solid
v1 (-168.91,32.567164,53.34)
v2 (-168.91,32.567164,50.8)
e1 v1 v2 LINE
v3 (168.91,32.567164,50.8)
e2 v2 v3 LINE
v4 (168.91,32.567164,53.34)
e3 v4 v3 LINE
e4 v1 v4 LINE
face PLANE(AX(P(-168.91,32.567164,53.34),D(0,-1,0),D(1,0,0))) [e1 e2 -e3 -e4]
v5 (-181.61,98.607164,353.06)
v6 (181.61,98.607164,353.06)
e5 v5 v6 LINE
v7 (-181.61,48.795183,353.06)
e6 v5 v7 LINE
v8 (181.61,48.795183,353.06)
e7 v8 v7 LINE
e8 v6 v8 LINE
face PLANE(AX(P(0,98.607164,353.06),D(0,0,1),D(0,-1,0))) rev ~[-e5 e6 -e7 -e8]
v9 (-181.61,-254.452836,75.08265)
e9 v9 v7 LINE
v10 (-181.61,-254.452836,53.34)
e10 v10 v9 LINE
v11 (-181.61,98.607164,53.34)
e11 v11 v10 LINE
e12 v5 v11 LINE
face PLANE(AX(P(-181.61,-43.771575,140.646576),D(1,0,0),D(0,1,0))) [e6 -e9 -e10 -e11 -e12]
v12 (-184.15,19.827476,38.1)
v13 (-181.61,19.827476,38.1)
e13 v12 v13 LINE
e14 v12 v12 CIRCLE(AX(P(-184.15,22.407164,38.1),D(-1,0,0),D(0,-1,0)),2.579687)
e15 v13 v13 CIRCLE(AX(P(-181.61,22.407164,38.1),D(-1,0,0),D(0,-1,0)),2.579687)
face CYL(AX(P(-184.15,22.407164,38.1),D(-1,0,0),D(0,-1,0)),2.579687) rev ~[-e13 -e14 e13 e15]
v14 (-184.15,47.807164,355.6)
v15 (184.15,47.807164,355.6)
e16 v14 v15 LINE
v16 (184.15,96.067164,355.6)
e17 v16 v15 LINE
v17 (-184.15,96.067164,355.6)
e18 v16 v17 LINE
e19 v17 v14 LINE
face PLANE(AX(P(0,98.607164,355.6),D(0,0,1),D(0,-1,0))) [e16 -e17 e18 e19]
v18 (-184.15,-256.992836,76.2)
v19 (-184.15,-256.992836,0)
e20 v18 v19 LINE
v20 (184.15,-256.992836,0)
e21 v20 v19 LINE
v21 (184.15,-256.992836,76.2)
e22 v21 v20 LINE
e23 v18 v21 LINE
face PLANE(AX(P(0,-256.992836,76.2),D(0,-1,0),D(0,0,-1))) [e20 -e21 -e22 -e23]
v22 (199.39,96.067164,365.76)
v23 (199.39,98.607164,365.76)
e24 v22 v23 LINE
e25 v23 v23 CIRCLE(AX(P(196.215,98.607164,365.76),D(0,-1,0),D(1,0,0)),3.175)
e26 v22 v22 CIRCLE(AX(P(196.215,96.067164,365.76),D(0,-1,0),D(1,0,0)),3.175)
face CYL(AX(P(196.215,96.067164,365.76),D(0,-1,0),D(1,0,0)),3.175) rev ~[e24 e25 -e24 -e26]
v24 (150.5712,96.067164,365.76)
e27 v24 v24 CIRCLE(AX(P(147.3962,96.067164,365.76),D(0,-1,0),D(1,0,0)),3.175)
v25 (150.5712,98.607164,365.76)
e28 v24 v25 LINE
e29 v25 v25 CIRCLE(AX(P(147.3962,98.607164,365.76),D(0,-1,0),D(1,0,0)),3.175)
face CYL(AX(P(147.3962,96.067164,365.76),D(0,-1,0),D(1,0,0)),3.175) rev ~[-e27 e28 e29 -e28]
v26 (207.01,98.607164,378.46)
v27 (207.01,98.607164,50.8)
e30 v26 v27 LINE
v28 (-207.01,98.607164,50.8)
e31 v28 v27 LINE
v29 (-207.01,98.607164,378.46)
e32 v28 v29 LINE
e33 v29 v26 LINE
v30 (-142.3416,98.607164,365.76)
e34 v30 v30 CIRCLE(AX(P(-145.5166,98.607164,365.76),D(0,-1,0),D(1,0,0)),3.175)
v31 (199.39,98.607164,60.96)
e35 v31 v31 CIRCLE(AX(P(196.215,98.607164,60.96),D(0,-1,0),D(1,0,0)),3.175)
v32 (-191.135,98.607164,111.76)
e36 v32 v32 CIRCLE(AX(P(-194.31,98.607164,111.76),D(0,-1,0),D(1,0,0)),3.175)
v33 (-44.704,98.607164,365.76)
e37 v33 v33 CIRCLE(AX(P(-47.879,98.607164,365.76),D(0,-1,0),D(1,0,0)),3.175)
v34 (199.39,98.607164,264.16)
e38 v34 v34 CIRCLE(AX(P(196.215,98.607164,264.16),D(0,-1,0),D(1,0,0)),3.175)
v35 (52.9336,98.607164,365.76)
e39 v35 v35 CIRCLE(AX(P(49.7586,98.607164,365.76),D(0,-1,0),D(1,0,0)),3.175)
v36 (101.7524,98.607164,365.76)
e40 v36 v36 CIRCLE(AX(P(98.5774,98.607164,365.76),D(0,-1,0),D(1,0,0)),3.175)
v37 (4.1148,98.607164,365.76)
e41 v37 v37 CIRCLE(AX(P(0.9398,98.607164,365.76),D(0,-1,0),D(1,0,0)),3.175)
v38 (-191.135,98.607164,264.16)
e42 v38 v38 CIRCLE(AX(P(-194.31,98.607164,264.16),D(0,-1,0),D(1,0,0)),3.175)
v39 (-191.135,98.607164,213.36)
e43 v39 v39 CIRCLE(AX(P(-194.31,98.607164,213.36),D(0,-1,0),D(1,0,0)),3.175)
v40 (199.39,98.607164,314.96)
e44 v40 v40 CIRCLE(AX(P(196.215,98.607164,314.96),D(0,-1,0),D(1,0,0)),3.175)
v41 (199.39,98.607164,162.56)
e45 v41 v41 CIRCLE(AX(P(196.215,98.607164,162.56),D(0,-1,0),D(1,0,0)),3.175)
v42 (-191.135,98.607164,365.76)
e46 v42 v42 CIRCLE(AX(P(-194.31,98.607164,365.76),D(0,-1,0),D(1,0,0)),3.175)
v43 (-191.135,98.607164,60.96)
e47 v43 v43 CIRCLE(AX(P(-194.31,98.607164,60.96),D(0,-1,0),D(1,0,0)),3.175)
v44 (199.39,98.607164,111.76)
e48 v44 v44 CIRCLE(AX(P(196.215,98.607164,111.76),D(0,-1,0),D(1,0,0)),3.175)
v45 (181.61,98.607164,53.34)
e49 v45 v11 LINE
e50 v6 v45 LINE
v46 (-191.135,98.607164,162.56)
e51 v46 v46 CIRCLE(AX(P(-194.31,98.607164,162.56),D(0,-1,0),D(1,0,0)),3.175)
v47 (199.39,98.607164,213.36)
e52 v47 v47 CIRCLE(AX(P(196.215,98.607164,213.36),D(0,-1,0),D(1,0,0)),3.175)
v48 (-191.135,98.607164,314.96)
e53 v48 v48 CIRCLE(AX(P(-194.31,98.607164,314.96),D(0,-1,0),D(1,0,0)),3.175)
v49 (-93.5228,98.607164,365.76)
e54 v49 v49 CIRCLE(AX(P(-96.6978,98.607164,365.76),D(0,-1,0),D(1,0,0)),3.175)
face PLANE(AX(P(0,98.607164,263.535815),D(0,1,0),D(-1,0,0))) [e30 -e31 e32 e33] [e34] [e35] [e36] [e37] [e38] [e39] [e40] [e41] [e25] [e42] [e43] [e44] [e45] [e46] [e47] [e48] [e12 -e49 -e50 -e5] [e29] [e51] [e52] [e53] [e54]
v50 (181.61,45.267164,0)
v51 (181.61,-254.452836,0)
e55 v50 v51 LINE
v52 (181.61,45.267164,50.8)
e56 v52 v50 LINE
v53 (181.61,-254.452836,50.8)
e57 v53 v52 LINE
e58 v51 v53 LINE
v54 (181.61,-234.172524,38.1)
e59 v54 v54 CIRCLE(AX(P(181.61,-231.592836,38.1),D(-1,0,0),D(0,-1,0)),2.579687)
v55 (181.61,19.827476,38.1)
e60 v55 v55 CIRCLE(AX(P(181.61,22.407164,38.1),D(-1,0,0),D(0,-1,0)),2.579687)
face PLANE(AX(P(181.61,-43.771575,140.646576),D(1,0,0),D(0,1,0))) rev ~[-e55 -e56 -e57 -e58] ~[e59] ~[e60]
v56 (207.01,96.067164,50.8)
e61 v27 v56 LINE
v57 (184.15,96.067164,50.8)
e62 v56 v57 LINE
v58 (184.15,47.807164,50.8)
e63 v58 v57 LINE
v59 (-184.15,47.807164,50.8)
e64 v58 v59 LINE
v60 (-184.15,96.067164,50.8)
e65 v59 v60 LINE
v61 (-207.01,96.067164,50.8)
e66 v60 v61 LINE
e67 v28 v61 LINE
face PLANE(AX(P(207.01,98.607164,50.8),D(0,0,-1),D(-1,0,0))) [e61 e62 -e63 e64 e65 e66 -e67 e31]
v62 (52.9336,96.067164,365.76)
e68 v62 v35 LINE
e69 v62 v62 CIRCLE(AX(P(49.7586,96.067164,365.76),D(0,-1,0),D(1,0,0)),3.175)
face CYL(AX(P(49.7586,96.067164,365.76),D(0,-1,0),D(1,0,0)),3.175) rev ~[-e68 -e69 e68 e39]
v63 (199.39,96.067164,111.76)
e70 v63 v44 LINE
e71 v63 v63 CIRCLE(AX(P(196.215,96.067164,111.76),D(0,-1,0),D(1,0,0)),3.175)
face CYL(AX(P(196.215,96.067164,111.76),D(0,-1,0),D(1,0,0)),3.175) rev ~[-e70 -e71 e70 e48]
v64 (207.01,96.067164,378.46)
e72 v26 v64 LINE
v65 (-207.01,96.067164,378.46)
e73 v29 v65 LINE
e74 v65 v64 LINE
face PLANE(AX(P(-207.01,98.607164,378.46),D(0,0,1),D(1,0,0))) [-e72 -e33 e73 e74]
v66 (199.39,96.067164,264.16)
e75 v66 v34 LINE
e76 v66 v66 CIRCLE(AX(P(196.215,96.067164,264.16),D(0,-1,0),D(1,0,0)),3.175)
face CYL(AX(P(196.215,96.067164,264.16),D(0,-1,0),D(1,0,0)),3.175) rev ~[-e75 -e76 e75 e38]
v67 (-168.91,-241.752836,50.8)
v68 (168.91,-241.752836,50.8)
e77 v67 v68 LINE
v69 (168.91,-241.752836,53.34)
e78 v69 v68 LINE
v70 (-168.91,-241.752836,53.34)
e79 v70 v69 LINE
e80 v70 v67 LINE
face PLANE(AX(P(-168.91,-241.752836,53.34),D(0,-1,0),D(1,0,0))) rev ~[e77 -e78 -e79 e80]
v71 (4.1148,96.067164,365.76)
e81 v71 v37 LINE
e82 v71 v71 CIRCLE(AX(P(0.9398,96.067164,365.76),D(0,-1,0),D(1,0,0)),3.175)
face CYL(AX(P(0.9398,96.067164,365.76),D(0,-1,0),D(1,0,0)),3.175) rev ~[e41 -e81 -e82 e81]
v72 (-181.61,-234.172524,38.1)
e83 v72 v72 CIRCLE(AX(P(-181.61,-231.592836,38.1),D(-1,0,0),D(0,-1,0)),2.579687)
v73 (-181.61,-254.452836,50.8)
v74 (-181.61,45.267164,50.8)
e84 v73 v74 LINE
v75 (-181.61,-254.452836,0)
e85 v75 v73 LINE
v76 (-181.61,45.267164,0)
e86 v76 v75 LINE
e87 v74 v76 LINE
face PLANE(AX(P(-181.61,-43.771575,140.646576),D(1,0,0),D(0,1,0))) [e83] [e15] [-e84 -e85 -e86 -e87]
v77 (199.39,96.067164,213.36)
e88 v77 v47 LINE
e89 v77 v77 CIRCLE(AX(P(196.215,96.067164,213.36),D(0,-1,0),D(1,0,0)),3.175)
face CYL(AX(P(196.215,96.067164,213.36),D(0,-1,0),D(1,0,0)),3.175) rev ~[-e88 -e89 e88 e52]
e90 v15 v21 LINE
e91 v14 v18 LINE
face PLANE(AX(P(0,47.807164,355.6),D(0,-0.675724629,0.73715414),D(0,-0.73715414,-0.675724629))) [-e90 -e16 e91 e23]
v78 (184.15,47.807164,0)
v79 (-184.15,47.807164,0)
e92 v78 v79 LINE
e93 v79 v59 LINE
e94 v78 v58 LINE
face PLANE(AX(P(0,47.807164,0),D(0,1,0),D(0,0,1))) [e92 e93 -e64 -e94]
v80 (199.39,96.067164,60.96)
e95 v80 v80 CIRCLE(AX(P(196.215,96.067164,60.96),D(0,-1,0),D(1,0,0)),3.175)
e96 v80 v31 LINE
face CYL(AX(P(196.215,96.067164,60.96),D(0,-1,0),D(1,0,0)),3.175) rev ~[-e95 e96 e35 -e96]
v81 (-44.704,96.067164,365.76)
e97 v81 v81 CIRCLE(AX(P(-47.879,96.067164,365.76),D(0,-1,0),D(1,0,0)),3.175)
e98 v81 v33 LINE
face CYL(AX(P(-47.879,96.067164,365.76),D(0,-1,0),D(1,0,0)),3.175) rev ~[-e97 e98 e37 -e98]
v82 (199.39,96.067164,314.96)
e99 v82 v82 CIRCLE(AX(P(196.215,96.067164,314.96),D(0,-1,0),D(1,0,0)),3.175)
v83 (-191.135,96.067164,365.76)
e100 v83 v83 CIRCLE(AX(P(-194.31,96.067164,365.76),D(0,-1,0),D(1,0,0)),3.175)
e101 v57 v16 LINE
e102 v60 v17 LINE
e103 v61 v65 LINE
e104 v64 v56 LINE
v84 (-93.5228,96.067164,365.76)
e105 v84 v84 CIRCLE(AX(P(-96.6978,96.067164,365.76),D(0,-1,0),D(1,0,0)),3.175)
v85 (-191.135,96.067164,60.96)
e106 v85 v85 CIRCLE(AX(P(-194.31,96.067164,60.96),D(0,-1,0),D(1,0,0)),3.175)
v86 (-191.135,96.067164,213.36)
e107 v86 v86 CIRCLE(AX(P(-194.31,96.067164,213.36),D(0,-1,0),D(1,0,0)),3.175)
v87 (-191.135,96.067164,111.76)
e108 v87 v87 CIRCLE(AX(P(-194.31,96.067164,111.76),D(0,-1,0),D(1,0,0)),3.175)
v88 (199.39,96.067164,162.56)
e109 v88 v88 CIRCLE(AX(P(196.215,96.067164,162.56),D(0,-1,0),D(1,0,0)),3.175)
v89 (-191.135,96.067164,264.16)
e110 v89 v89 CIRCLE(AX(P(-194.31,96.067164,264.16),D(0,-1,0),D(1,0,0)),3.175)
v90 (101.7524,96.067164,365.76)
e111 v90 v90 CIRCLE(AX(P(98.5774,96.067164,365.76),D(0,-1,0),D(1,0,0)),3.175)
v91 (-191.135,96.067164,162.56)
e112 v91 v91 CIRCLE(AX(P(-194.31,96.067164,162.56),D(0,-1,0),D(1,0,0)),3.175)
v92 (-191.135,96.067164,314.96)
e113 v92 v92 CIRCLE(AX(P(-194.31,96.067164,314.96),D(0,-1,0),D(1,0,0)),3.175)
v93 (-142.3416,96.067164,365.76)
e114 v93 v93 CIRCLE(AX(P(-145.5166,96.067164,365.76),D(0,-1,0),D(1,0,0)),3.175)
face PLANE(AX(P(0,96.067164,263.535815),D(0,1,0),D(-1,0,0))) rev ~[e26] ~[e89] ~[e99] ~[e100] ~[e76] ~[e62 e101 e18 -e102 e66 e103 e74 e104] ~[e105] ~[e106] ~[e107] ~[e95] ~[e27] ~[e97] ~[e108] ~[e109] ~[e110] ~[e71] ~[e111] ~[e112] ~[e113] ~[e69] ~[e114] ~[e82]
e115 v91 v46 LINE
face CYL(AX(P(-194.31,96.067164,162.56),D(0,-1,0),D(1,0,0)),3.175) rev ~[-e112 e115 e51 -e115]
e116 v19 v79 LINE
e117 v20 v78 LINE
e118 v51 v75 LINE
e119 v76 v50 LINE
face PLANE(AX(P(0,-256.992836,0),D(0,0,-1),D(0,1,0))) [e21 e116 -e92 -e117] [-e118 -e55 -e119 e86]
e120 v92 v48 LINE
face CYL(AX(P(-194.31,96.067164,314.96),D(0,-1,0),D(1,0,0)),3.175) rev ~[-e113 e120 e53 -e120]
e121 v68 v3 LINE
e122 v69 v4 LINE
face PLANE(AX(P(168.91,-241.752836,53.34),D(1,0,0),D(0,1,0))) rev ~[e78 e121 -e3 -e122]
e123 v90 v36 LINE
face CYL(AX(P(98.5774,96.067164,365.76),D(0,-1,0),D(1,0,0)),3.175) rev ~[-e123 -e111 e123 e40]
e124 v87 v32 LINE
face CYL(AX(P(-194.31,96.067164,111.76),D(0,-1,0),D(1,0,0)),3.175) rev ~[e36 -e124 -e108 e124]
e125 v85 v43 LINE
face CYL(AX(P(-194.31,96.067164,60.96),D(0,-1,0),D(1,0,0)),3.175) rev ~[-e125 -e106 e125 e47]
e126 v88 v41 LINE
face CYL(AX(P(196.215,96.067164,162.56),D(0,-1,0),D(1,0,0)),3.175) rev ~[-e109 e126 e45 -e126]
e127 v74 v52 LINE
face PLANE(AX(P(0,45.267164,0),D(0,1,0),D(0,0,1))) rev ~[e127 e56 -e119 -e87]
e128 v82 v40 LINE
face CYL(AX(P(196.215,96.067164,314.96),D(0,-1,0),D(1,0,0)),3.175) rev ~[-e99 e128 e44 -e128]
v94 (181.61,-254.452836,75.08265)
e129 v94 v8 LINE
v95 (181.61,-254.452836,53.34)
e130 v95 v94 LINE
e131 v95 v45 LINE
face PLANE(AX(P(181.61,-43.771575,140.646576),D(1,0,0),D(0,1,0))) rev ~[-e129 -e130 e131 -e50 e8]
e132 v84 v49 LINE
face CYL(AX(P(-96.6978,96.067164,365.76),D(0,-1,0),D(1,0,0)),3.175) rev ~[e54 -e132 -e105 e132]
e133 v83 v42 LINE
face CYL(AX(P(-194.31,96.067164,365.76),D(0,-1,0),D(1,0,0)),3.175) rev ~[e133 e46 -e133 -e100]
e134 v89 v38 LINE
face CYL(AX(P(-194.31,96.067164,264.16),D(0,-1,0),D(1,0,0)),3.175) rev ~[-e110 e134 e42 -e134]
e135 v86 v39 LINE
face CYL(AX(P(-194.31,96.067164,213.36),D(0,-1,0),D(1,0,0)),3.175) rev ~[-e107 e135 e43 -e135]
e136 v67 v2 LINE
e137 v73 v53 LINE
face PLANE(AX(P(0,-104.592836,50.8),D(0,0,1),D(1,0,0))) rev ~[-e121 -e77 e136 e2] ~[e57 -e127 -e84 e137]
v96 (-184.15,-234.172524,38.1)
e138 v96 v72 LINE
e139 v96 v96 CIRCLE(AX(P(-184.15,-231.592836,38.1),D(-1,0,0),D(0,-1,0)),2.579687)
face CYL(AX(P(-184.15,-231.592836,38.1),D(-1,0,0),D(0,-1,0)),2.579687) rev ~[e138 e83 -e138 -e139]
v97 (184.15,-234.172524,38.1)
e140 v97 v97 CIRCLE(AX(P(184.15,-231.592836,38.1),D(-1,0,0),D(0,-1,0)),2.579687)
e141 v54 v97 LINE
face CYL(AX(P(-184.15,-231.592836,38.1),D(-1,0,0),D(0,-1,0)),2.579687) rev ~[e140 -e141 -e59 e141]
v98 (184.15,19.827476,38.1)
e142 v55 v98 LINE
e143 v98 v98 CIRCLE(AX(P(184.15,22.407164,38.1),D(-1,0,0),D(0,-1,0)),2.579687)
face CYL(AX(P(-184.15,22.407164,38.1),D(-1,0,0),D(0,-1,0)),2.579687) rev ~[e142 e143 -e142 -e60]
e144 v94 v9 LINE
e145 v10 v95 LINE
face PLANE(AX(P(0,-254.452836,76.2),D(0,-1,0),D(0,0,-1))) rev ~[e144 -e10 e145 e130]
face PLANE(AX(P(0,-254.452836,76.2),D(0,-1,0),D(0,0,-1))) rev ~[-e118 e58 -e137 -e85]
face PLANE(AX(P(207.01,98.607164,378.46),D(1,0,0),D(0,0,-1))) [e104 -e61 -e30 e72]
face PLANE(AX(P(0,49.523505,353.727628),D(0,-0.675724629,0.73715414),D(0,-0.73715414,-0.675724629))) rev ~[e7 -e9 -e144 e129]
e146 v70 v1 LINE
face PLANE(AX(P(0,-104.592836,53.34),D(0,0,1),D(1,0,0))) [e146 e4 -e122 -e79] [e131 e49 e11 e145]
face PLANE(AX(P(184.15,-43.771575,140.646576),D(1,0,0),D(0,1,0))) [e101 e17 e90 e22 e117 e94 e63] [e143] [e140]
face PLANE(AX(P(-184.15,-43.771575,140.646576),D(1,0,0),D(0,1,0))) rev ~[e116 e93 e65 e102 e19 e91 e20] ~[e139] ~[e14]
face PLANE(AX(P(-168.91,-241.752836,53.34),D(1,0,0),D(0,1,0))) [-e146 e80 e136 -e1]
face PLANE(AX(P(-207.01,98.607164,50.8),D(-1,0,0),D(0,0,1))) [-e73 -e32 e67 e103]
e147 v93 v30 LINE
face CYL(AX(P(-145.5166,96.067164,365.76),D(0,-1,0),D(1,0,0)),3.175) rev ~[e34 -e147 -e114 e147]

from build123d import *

# Parameters (mm, degrees)
F1_DEPTH  = 184.15
F2_T      = -2.54
F4_DEPTH  = 2.54
F5_W      = 363.22
F5_H      = 299.72
F5_W_2    = 337.82
F5_H_2    = 274.32
F6_DEPTH  = 2.54
F7_R      = 2.5796875
F8_DEPTH  = 391.161
F9_R      = 3.175
F10_DEPTH = 2.541


with BuildPart() as f1:
    # F0 (on Right) → F1 (new body, symmetric)
    with BuildSketch(Plane.YZ):
        Polygon((47.8071639518, 50.8), (98.6071639518, 50.8), (98.6071639518, 355.6), (47.8071639518, 355.6), (-256.9928360482, 76.2), (-256.9928360482, 0), (47.8071639518, 0), align=None)
    extrude(amount=F1_DEPTH, both=True)

    # F2
    f2_openings = [f1.faces().sort_by_distance(p)[0] for p in [
        (0, 98.607164, 203.2),
        (0, -104.592836, 0),
    ]]
    offset(amount=F2_T, openings=f2_openings, kind=Kind.INTERSECTION)

    # F3 (on face) → F4 (join)
    with BuildSketch(Plane(origin=(0, 98.6071639518, 0), x_dir=(-1, 0, 0), z_dir=(0, 1, 0))):
        Polygon((-207.01, 50.8), (-181.61, 50.8), (-181.61, 353.06), (181.61, 353.06), (181.61, 50.8), (207.01, 50.8), (207.01, 378.46), (-207.01, 378.46), align=None)
    extrude(amount=-F4_DEPTH)

    # F5 (on face) → F6 (join)
    with BuildSketch(Plane.XY.offset(53.34)):
        with Locations((0, -104.5928360482)):
            Rectangle(F5_W, F5_H)
        with Locations((0, -104.5928360482)):
            Rectangle(F5_W_2, F5_H_2, mode=Mode.SUBTRACT)
    extrude(amount=-F6_DEPTH)

    # F7 (on face) → F8 (cut, through all)
    with BuildSketch(Plane(origin=(-184.15, 0, 0), x_dir=(0, -1, 0), z_dir=(-1, 0, 0))):
        with Locations((-22.4071639518, 38.1)):
            Circle(F7_R)
        with Locations((231.5928360482, 38.1)):
            Circle(F7_R)
    extrude(amount=-F8_DEPTH, mode=Mode.SUBTRACT)

    # F9 (on face) → F10 (cut, through all)
    with BuildSketch(Plane.XZ.offset(-96.0671639518)):
        with Locations((-194.31, 365.76)):
            Circle(F9_R)
        with Locations((-194.31, 314.96)):
            Circle(F9_R)
        with Locations((-194.31, 264.16)):
            Circle(F9_R)
        with Locations((-194.31, 213.36)):
            Circle(F9_R)
        with Locations((-194.31, 162.56)):
            Circle(F9_R)
        with Locations((-194.31, 111.76)):
            Circle(F9_R)
        with Locations((-194.31, 60.96)):
            Circle(F9_R)
        with Locations((196.215, 365.76)):
            Circle(F9_R)
        with Locations((196.215, 314.96)):
            Circle(F9_R)
        with Locations((196.215, 264.16)):
            Circle(F9_R)
        with Locations((196.215, 213.36)):
            Circle(F9_R)
        with Locations((196.215, 162.56)):
            Circle(F9_R)
        with Locations((196.215, 111.76)):
            Circle(F9_R)
        with Locations((196.215, 60.96)):
            Circle(F9_R)
        with Locations((147.3962, 365.76)):
            Circle(F9_R)
        with Locations((98.5774, 365.76)):
            Circle(F9_R)
        with Locations((49.7586, 365.76)):
            Circle(F9_R)
        with Locations((0.9398, 365.76)):
            Circle(F9_R)
        with Locations((-47.879, 365.76)):
            Circle(F9_R)
        with Locations((-96.6978, 365.76)):
            Circle(F9_R)
        with Locations((-145.5166, 365.76)):
            Circle(F9_R)
    extrude(amount=-F10_DEPTH, mode=Mode.SUBTRACT)


solid = f1.part
